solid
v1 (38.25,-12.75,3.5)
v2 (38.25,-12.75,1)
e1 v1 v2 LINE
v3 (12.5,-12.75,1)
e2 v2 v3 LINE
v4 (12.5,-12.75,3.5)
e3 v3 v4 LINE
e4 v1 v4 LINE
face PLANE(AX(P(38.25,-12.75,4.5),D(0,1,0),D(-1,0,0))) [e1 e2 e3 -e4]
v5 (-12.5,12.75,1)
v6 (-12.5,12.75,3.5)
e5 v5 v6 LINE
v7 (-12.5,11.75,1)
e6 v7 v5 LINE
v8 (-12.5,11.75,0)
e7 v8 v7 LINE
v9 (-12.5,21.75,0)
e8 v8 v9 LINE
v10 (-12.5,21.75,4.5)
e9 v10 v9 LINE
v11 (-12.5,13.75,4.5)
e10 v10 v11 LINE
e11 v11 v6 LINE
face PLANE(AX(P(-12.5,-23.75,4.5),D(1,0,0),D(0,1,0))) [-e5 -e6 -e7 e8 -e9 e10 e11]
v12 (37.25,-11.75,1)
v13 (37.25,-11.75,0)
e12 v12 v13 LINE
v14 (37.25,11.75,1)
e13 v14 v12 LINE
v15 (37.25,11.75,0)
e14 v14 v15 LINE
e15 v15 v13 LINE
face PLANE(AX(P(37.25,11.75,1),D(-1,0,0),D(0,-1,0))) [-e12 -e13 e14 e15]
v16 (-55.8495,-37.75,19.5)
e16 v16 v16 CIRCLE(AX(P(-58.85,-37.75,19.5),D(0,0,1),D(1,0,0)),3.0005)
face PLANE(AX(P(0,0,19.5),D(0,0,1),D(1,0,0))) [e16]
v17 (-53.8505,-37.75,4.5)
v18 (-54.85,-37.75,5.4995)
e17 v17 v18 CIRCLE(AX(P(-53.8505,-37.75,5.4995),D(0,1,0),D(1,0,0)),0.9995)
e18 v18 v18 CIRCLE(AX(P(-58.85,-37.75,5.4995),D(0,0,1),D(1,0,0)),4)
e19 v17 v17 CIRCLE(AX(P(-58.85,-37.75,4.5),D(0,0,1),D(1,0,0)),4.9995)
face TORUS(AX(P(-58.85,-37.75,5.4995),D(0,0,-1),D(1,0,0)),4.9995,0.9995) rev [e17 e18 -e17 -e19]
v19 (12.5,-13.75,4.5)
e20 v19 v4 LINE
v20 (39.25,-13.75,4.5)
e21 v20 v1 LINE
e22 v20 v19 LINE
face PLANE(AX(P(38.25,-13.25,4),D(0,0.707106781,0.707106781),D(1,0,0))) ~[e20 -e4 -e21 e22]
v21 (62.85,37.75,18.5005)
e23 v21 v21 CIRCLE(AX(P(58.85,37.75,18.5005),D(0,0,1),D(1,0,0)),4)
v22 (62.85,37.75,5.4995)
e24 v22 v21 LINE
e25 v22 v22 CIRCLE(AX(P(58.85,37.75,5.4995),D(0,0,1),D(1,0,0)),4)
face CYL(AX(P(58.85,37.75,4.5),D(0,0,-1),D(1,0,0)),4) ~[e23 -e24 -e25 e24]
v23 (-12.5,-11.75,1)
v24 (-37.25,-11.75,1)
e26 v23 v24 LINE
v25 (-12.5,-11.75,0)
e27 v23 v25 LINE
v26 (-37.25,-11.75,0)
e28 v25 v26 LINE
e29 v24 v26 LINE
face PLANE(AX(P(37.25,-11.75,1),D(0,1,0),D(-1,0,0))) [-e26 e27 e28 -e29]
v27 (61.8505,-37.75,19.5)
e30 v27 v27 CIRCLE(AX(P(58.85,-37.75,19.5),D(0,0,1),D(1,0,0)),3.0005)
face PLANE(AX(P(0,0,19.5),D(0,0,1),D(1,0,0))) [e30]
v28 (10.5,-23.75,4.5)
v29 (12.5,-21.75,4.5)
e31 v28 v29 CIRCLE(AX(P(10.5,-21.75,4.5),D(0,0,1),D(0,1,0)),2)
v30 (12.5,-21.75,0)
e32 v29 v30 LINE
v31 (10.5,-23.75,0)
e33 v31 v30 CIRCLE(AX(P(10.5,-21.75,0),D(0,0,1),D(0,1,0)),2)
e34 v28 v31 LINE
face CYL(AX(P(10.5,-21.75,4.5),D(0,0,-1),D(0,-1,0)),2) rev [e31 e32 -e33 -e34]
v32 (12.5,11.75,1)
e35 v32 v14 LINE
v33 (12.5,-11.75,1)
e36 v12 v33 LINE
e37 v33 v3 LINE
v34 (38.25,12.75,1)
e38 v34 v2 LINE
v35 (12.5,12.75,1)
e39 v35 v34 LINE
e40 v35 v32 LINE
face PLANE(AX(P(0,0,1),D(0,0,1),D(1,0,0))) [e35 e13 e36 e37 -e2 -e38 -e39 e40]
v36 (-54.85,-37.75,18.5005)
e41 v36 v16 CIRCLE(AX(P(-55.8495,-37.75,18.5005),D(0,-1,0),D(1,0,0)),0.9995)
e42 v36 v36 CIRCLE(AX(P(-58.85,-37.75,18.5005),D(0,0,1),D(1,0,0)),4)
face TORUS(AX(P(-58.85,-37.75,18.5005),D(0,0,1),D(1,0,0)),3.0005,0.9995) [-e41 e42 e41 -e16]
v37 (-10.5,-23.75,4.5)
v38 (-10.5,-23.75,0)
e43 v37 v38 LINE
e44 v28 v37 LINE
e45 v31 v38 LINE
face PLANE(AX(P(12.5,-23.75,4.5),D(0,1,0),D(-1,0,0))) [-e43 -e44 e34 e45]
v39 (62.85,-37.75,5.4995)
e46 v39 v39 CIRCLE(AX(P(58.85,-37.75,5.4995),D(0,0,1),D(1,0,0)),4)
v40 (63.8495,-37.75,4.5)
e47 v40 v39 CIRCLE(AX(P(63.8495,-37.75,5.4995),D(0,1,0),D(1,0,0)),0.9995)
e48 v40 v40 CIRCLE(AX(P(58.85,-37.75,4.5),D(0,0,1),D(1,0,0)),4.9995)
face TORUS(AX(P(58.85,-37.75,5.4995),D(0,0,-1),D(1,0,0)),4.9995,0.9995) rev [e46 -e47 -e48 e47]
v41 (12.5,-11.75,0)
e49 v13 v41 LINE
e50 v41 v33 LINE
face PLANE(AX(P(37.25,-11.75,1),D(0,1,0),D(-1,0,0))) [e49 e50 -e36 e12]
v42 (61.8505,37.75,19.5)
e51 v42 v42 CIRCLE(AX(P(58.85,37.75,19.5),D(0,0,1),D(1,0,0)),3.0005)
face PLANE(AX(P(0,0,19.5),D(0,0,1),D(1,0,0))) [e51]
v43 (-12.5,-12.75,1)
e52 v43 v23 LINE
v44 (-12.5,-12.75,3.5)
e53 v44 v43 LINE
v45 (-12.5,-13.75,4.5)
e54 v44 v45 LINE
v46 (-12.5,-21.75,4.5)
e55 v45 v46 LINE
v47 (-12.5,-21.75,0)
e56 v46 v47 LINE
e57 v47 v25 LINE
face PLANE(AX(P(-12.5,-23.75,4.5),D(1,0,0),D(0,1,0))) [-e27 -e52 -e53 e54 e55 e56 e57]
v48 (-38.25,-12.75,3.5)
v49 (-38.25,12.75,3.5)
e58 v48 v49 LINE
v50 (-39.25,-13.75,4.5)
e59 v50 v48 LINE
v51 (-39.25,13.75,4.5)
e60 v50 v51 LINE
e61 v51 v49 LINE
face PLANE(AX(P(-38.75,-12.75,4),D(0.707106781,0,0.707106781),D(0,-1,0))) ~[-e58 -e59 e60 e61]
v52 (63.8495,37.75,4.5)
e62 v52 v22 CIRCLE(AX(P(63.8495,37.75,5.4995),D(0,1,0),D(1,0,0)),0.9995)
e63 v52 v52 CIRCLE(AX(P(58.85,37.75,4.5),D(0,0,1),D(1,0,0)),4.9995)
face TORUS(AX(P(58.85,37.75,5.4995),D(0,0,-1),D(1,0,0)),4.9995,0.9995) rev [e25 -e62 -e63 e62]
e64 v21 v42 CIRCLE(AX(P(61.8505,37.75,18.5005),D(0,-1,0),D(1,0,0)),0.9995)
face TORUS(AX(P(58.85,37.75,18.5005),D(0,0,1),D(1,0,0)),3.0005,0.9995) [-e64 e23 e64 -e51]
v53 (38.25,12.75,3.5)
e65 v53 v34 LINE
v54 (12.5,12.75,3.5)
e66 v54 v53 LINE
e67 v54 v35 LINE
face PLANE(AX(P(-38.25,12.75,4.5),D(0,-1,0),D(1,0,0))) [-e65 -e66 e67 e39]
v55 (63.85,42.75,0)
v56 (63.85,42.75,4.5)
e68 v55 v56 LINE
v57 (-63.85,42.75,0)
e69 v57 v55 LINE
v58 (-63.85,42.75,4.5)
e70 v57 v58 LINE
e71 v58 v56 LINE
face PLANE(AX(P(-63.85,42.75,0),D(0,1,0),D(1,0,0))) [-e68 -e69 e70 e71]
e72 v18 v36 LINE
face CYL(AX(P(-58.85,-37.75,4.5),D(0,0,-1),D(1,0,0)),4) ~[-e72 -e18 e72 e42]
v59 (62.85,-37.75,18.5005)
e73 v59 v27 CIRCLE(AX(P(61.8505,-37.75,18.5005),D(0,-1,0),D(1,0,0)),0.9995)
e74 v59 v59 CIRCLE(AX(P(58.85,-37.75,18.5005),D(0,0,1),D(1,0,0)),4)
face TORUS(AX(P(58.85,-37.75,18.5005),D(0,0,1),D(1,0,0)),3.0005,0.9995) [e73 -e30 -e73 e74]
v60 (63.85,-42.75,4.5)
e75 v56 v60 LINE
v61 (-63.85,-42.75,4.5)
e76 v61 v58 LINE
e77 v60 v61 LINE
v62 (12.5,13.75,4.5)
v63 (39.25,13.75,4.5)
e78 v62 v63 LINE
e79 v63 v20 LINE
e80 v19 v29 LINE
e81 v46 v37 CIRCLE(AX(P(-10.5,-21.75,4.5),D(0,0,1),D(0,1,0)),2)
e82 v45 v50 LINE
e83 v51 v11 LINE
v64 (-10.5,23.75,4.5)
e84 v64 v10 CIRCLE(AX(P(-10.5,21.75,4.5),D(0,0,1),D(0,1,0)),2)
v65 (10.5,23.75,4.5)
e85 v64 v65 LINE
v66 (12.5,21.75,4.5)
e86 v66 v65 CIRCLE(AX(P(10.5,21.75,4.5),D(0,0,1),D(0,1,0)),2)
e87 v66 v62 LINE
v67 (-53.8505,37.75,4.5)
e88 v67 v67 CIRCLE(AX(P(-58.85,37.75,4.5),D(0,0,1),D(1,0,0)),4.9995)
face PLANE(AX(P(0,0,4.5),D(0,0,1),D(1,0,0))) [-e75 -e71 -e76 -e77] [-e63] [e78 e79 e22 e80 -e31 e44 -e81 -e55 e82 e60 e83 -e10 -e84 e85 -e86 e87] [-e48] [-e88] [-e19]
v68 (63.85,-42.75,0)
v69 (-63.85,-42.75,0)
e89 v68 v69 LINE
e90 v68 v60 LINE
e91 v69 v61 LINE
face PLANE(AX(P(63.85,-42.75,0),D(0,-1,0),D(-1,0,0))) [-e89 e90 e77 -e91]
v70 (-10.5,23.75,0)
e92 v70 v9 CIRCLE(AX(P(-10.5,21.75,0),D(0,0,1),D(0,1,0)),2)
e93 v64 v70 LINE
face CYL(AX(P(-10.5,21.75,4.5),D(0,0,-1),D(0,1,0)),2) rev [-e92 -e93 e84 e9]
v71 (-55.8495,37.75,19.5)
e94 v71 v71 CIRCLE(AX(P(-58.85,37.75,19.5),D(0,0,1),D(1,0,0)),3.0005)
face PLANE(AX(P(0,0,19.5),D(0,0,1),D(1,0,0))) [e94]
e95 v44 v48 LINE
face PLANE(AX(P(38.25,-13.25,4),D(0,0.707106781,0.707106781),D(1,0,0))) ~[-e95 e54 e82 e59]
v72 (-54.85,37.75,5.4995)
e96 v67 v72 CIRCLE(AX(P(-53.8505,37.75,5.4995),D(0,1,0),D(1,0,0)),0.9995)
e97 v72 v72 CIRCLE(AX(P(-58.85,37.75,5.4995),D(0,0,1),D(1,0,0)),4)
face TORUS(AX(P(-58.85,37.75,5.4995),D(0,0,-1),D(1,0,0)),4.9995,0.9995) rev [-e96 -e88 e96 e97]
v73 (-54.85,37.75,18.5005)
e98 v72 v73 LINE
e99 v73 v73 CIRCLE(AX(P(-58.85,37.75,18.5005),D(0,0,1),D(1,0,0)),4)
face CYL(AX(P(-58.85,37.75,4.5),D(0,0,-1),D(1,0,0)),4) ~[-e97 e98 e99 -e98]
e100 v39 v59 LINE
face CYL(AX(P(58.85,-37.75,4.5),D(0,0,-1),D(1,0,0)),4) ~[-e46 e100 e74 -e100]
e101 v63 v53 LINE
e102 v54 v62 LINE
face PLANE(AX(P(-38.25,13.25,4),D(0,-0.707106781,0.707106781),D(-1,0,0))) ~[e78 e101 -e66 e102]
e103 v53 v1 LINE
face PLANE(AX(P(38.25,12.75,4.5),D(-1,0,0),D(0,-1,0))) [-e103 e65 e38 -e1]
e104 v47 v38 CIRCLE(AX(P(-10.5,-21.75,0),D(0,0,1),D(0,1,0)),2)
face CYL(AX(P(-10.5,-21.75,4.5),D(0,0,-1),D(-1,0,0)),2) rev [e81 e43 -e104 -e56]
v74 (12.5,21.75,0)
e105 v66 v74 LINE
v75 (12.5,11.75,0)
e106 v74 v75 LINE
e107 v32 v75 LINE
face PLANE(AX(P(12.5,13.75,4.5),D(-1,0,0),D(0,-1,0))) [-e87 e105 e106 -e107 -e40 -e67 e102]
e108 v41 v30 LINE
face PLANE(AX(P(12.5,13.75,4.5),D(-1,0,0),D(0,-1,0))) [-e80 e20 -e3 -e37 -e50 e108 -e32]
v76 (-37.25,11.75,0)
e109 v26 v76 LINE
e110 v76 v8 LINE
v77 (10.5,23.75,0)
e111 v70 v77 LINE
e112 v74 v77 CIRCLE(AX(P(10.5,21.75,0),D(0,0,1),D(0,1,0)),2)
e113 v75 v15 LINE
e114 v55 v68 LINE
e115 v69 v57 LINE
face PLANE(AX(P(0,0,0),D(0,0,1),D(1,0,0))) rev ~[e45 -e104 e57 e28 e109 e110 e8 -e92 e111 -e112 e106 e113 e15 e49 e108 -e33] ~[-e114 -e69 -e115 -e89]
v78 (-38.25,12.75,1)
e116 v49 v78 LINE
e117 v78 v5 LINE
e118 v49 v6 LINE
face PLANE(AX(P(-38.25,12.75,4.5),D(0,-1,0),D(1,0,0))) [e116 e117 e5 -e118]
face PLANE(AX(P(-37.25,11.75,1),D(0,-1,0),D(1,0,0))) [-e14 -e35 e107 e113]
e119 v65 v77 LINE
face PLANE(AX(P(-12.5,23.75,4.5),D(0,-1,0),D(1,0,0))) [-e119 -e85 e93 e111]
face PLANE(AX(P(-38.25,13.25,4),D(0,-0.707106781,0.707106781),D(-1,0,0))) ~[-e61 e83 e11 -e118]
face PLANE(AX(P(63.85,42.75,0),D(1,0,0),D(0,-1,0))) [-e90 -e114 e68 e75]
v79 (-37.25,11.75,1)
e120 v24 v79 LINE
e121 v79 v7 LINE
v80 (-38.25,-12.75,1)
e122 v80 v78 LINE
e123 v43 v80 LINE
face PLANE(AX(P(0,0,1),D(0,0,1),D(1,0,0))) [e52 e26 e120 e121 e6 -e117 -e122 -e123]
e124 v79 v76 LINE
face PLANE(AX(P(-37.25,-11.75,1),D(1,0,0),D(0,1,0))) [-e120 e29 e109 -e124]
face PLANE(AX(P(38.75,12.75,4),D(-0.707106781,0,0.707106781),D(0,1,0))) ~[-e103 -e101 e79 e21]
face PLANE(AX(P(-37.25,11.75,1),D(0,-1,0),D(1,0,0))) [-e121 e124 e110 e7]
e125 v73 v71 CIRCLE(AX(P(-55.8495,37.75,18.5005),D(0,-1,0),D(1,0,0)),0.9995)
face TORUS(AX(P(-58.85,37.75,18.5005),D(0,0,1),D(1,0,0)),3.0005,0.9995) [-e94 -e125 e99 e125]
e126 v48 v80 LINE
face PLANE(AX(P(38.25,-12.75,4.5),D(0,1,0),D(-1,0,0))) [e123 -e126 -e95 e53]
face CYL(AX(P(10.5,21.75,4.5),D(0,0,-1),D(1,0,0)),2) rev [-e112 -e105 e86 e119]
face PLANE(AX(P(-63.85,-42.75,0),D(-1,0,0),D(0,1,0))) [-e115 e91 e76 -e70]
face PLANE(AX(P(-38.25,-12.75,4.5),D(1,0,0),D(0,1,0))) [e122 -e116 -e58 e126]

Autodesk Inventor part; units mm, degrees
ref_plane "YZ Plane" through (0, 0, 0) normal (1, 0, 0) x (0, 1, 0)
ref_plane "XZ Plane" through (0, 0, 0) normal (0, 1, 0) x (-1, 0, 0)
ref_plane "XY Plane" through (0, 0, 0) normal (0, 0, 1) x (1, 0, 0)
sketch "Sketch1" plane through (0, 0, 0) normal (0, 0, 1) x (1, 0, 0)
  line L0 (-63.85, 42.75) -> (63.85, 42.75)
  line L1 (63.85, 42.75) -> (63.85, -42.75)
  line L2 (63.85, -42.75) -> (-63.85, -42.75)
  line L3 (-63.85, -42.75) -> (-63.85, 42.75)
  line L4 (-63.85, 42.75) -> (63.85, -42.75) construction
  line L5 (63.85, 42.75) -> (-63.85, -42.75) construction
  point P0 (0, 0)
  dimension "d0" = 127.7
  dimension "d1" = 85.5
extrude "Extrusion1" add sketch "Sketch1" along normal blind 4.5
sketch "Sketch2" plane through (0, 0, 4.5) normal (0, 0, 1) x (1, 0, 0)
  line L0 (-38.25, 12.75) -> (38.25, 12.75)
  line L1 (38.25, 12.75) -> (38.25, -12.75)
  line L2 (38.25, -12.75) -> (-38.25, -12.75)
  line L3 (-38.25, -12.75) -> (-38.25, 12.75)
  line L4 (-38.25, 12.75) -> (38.25, -12.75) construction
  line L5 (38.25, 12.75) -> (-38.25, -12.75) construction
  point P0 (0, 0)
  dimension "d4" = 76.5
  dimension "d5" = 25.5
extrude "Extrusion2" cut sketch "Sketch2" against normal blind 3.5
sketch "Sketch3" plane through (0, 0, 1) normal (0, 0, 1) x (1, 0, 0)
  line L0 (-38.25, 12.75) -> (38.25, 12.75) projected
  line L1 (38.25, 12.75) -> (38.25, -12.75) projected
  line L2 (-37.25, 11.75) -> (37.25, 11.75)
  line L3 (37.25, 11.75) -> (37.25, -11.75)
  line L4 (37.25, -11.75) -> (-37.25, -11.75)
  line L5 (-37.25, -11.75) -> (-37.25, 11.75)
  line L6 (-37.25, 11.75) -> (37.25, -11.75) construction
  line L7 (37.25, 11.75) -> (-37.25, -11.75) construction
  line L8 (0, 11.75) -> (0, 12.75) construction
  line L9 (37.25, 0) -> (38.25, 0) construction
  point P0 (0, 0)
  dimension "d8" = 1
extrude "Extrusion3" cut sketch "Sketch3" against normal through all
chamfer "Chamfer1" distance 1 angle 45 4 edges at (-38.25, 0, 4.5) (0, 12.75, 4.5) (38.25, 0, 4.5) (0, -12.75, 4.5)
sketch "Sketch4" plane through (0, 0, 4.5) normal (0, 0, 1) x (1, 0, 0)
  line L0 (63.85, 42.75) -> (-63.85, 42.75) projected
  circle A0 centre (-58.85, 37.75) radius 4
  line L1 (-63.85, 42.75) -> (-58.85, 42.75) construction
  line L2 (-58.85, 42.75) -> (-58.85, 37.75) construction
  line L3 (-63.85, 42.75) -> (-63.85, -42.75) projected
  line L4 (-63.85, -42.75) -> (63.85, -42.75) projected
  line L5 (63.85, -42.75) -> (63.85, 42.75) projected
  line L6 (0, 42.75) -> (0, -42.75) construction
  line L7 (-63.85, 0) -> (63.85, 0) construction
  circle A1 centre (58.85, 37.75) radius 4
  circle A2 centre (-58.85, -37.75) radius 4
  circle A3 centre (58.85, -37.75) radius 4
  point P0 (0, 0)
  dimension "d15" = 8
  dimension "d17" = 5
extrude "Extrusion4" add sketch "Sketch4" along normal blind 15 contours A0 | A1 | A2 | A3
fillet "Fillet1" radius 1 8 edges at (-62.85, 37.75, 19.5) (-62.85, 37.75, 4.5) (-62.85, -37.75, 19.5) (-62.85, -37.75, 4.5) (54.85, 37.75, 19.5) (54.85, 37.75, 4.5) (54.85, -37.75, 19.5) (54.85, -37.75, 4.5)
sketch "Sketch5" plane through (0, 0, 4.5) normal (0, 0, 1) x (1, 0, 0)
  line L0 (39.25, 13.75) -> (-39.25, 13.75) projected
  line L1 (-12.5, 23.75) -> (12.5, 23.75)
  line L2 (12.5, 23.75) -> (12.5, -23.75)
  line L3 (12.5, -23.75) -> (-12.5, -23.75)
  line L4 (-12.5, -23.75) -> (-12.5, 23.75)
  line L5 (-12.5, 23.75) -> (12.5, -23.75) construction
  line L6 (12.5, 23.75) -> (-12.5, -23.75) construction
  line L7 (0, 23.75) -> (0, 13.75) construction
  point P0 (0, 0)
  dimension "d22" = 10
  dimension "d24" = 25
extrude "Extrusion5" cut sketch "Sketch5" against normal through all
fillet "Fillet2" radius 2 4 edges at (-12.5, 23.75, 2.25) (12.5, 23.75, 2.25) (-12.5, -23.75, 2.25) (12.5, -23.75, 2.25)
properties part number "1x3 slide SD stage insert"
